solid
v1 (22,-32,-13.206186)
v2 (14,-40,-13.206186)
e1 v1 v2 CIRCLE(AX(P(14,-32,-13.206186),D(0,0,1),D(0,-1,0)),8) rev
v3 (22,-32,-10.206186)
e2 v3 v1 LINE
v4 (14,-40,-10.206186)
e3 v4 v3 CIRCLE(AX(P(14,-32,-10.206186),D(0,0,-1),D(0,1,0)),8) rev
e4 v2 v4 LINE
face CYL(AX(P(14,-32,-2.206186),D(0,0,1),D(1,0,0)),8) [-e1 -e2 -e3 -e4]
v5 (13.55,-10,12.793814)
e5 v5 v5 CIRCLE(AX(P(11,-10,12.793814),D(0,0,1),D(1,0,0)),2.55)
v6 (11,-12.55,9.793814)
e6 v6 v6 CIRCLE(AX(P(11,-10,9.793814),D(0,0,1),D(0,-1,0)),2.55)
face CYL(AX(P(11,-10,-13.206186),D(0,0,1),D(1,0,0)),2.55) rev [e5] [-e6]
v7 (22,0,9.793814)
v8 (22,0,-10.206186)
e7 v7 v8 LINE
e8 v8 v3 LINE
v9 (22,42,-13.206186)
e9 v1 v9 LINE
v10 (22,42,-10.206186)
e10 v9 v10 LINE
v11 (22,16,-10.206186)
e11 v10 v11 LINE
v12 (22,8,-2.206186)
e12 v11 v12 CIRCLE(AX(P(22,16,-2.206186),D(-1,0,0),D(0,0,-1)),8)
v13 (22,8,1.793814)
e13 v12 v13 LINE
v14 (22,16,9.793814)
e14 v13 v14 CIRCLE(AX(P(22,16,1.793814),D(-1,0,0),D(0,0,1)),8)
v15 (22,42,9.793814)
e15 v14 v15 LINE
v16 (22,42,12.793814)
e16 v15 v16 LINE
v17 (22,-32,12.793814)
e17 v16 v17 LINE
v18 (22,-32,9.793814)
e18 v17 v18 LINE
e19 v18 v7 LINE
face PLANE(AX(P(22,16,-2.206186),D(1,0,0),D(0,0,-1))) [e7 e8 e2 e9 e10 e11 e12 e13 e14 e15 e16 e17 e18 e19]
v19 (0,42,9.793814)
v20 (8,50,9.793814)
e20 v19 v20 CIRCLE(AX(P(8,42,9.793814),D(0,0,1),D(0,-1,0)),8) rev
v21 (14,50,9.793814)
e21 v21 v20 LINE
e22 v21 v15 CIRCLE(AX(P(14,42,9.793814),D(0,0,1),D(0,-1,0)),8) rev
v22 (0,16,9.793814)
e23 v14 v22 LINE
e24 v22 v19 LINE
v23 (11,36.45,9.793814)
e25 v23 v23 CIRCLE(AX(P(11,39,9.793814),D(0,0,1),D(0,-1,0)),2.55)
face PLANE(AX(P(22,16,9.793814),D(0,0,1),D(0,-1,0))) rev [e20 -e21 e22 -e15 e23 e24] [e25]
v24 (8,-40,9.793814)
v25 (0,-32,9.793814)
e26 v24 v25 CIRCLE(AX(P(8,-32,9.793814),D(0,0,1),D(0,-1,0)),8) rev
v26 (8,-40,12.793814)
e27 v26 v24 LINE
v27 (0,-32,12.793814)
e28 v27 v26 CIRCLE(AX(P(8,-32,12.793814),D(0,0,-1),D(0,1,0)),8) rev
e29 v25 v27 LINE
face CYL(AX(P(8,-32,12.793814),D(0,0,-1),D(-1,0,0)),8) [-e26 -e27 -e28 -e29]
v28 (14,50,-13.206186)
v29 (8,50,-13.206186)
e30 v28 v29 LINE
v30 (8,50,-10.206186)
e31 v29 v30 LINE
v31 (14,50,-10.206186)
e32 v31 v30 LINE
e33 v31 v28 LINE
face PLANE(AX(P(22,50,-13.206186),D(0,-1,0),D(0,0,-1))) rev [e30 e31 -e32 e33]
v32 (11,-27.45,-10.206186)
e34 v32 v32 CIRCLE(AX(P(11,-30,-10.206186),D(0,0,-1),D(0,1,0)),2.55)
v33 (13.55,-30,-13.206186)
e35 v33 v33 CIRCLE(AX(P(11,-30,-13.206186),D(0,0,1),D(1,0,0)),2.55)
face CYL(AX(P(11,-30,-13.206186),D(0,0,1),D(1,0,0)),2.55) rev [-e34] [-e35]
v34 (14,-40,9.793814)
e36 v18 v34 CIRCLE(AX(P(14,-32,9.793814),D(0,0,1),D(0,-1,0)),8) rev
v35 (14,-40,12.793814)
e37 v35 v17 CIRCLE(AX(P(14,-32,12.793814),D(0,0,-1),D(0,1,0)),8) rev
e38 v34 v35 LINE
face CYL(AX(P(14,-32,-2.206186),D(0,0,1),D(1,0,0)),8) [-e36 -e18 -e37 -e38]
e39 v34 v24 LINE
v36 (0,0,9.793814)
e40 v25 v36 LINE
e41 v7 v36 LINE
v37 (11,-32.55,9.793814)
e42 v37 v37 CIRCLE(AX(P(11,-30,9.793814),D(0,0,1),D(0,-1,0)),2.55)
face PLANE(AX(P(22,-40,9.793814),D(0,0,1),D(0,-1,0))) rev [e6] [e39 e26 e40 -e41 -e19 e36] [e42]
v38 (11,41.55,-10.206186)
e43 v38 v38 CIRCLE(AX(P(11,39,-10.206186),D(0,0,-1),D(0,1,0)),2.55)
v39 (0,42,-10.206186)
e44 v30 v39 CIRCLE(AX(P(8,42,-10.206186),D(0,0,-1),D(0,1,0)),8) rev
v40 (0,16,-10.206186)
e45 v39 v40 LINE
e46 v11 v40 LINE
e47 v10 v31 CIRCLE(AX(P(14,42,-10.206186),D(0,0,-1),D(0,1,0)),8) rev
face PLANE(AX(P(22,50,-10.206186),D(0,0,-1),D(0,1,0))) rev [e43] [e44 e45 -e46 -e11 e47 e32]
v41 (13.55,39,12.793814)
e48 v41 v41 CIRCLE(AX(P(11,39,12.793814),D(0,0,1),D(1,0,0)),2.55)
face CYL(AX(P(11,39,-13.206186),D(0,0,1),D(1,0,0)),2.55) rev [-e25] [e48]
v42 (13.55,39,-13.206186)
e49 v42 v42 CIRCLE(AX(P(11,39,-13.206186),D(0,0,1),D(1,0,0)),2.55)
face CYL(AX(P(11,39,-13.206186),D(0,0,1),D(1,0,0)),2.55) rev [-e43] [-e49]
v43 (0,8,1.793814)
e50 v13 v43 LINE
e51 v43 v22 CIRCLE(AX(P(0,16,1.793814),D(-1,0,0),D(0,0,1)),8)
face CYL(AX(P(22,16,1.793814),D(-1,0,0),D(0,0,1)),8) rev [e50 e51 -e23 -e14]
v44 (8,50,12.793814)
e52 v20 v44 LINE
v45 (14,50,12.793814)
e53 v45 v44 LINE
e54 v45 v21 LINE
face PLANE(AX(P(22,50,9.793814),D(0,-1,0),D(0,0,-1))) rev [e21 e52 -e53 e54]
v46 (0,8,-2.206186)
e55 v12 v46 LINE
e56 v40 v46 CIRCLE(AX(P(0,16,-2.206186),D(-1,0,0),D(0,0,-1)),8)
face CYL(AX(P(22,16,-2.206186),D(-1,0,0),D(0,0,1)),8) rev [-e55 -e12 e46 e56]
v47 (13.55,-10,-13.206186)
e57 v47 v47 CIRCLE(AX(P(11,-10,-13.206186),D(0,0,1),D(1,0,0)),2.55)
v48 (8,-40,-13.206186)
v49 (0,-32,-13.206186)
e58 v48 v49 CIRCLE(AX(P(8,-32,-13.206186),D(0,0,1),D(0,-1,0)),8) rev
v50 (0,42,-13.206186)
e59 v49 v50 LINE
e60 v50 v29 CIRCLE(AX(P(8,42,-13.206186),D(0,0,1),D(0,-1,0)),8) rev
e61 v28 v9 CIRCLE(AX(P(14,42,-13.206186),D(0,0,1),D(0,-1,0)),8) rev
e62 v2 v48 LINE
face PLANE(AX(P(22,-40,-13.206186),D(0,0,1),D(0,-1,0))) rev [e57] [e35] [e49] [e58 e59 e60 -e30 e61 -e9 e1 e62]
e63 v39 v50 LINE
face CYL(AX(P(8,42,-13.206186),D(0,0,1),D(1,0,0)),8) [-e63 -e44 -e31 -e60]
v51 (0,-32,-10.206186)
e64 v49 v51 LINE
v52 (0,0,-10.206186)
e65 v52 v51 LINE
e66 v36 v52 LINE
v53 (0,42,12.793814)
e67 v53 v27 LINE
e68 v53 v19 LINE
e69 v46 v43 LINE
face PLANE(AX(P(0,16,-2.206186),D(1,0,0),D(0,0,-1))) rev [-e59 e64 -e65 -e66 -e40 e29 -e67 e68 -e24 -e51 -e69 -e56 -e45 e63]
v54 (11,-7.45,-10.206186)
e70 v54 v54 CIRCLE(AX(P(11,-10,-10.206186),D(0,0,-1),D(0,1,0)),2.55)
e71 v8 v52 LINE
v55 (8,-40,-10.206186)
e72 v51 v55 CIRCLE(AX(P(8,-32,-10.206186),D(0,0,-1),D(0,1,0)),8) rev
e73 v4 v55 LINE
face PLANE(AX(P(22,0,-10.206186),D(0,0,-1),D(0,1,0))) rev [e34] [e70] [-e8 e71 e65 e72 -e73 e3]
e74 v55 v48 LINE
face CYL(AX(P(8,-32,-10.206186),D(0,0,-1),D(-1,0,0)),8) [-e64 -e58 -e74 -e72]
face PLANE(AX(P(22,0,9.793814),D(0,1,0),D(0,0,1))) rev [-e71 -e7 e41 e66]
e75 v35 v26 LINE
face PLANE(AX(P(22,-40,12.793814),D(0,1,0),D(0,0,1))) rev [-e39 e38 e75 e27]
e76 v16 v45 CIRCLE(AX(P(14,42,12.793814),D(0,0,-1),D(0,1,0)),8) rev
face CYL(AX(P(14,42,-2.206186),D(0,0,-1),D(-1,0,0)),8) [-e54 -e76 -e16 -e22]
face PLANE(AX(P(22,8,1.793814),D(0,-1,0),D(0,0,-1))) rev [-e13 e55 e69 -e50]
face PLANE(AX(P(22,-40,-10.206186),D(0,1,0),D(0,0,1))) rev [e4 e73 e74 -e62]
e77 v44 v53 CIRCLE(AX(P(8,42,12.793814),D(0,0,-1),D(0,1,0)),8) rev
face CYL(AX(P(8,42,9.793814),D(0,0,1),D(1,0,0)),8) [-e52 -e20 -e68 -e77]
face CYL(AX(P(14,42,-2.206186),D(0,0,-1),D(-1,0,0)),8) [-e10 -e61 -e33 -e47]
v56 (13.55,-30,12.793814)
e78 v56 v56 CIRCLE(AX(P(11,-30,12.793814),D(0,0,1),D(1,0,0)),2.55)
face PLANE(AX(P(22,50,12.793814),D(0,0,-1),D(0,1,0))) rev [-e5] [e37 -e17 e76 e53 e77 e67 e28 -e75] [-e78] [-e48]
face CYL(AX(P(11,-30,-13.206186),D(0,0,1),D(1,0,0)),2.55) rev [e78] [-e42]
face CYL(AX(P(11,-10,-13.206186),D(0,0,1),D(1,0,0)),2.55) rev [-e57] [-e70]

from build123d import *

# Parameters (mm, degrees)
EXTRUDE_1_DEPTH     = 22
SKETCH_2_R          = 2.55
CUT_EXTRUDE_1_DEPTH = 61.497933849
FILLET_1_R          = 8


with BuildPart() as part:
    # Эскиз1 → Бобышка-Вытянуть1 (new body)
    with BuildSketch(Plane(origin=(0, 0, 0), x_dir=(0, 0, -1), z_dir=(1, 0, 0))):
        with BuildLine():
            Line((10.206185567, 0), (10.206185567, -40))
            Line((10.206185567, -40), (13.206185567, -40))
            Line((13.206185567, -40), (13.206185567, 50))
            Line((13.206185567, 50), (10.206185567, 50))
            Line((10.206185567, 50), (10.206185567, 16))
            ThreePointArc((10.206185567, 16), (7.863039817, 10.343145751), (2.206185567, 8))
            Line((2.206185567, 8), (-1.793814433, 8))
            ThreePointArc((-1.793814433, 8), (-7.450668682, 10.343145751), (-9.793814433, 16))
            Line((-9.793814433, 16), (-9.793814433, 50))
            Line((-9.793814433, 50), (-12.793814433, 50))
            Line((-12.793814433, 50), (-12.793814433, -40))
            Line((-12.793814433, -40), (-9.793814433, -40))
            Line((-9.793814433, -40), (-9.793814433, 0))
            Line((-9.793814433, 0), (10.206185567, 0))
        make_face()
    extrude(amount=EXTRUDE_1_DEPTH)

    # Эскиз2 → Вырез-Вытянуть1 (cut, through all)
    with BuildSketch(Plane.XY.offset(12.793814433)):
        with Locations((11, -30)):
            Circle(SKETCH_2_R)
        with Locations((11, -10)):
            Circle(SKETCH_2_R)
        with Locations((11, 39)):
            Circle(SKETCH_2_R)
    extrude(amount=-CUT_EXTRUDE_1_DEPTH, mode=Mode.SUBTRACT)

    # Скругление1
    fillet_1_edges = [part.edges().sort_by_distance(p)[0] for p in [
        (22, -40, -11.706185567),
        (0, -40, 11.293814433),
        (0, 50, 11.293814433),
        (22, 50, -11.706185567),
        (0, 50, -11.706185567),
        (0, -40, -11.706185567),
        (22, 50, 11.293814433),
        (22, -40, 11.293814433),
    ]]
    fillet(fillet_1_edges, radius=FILLET_1_R)


solid = part.part
